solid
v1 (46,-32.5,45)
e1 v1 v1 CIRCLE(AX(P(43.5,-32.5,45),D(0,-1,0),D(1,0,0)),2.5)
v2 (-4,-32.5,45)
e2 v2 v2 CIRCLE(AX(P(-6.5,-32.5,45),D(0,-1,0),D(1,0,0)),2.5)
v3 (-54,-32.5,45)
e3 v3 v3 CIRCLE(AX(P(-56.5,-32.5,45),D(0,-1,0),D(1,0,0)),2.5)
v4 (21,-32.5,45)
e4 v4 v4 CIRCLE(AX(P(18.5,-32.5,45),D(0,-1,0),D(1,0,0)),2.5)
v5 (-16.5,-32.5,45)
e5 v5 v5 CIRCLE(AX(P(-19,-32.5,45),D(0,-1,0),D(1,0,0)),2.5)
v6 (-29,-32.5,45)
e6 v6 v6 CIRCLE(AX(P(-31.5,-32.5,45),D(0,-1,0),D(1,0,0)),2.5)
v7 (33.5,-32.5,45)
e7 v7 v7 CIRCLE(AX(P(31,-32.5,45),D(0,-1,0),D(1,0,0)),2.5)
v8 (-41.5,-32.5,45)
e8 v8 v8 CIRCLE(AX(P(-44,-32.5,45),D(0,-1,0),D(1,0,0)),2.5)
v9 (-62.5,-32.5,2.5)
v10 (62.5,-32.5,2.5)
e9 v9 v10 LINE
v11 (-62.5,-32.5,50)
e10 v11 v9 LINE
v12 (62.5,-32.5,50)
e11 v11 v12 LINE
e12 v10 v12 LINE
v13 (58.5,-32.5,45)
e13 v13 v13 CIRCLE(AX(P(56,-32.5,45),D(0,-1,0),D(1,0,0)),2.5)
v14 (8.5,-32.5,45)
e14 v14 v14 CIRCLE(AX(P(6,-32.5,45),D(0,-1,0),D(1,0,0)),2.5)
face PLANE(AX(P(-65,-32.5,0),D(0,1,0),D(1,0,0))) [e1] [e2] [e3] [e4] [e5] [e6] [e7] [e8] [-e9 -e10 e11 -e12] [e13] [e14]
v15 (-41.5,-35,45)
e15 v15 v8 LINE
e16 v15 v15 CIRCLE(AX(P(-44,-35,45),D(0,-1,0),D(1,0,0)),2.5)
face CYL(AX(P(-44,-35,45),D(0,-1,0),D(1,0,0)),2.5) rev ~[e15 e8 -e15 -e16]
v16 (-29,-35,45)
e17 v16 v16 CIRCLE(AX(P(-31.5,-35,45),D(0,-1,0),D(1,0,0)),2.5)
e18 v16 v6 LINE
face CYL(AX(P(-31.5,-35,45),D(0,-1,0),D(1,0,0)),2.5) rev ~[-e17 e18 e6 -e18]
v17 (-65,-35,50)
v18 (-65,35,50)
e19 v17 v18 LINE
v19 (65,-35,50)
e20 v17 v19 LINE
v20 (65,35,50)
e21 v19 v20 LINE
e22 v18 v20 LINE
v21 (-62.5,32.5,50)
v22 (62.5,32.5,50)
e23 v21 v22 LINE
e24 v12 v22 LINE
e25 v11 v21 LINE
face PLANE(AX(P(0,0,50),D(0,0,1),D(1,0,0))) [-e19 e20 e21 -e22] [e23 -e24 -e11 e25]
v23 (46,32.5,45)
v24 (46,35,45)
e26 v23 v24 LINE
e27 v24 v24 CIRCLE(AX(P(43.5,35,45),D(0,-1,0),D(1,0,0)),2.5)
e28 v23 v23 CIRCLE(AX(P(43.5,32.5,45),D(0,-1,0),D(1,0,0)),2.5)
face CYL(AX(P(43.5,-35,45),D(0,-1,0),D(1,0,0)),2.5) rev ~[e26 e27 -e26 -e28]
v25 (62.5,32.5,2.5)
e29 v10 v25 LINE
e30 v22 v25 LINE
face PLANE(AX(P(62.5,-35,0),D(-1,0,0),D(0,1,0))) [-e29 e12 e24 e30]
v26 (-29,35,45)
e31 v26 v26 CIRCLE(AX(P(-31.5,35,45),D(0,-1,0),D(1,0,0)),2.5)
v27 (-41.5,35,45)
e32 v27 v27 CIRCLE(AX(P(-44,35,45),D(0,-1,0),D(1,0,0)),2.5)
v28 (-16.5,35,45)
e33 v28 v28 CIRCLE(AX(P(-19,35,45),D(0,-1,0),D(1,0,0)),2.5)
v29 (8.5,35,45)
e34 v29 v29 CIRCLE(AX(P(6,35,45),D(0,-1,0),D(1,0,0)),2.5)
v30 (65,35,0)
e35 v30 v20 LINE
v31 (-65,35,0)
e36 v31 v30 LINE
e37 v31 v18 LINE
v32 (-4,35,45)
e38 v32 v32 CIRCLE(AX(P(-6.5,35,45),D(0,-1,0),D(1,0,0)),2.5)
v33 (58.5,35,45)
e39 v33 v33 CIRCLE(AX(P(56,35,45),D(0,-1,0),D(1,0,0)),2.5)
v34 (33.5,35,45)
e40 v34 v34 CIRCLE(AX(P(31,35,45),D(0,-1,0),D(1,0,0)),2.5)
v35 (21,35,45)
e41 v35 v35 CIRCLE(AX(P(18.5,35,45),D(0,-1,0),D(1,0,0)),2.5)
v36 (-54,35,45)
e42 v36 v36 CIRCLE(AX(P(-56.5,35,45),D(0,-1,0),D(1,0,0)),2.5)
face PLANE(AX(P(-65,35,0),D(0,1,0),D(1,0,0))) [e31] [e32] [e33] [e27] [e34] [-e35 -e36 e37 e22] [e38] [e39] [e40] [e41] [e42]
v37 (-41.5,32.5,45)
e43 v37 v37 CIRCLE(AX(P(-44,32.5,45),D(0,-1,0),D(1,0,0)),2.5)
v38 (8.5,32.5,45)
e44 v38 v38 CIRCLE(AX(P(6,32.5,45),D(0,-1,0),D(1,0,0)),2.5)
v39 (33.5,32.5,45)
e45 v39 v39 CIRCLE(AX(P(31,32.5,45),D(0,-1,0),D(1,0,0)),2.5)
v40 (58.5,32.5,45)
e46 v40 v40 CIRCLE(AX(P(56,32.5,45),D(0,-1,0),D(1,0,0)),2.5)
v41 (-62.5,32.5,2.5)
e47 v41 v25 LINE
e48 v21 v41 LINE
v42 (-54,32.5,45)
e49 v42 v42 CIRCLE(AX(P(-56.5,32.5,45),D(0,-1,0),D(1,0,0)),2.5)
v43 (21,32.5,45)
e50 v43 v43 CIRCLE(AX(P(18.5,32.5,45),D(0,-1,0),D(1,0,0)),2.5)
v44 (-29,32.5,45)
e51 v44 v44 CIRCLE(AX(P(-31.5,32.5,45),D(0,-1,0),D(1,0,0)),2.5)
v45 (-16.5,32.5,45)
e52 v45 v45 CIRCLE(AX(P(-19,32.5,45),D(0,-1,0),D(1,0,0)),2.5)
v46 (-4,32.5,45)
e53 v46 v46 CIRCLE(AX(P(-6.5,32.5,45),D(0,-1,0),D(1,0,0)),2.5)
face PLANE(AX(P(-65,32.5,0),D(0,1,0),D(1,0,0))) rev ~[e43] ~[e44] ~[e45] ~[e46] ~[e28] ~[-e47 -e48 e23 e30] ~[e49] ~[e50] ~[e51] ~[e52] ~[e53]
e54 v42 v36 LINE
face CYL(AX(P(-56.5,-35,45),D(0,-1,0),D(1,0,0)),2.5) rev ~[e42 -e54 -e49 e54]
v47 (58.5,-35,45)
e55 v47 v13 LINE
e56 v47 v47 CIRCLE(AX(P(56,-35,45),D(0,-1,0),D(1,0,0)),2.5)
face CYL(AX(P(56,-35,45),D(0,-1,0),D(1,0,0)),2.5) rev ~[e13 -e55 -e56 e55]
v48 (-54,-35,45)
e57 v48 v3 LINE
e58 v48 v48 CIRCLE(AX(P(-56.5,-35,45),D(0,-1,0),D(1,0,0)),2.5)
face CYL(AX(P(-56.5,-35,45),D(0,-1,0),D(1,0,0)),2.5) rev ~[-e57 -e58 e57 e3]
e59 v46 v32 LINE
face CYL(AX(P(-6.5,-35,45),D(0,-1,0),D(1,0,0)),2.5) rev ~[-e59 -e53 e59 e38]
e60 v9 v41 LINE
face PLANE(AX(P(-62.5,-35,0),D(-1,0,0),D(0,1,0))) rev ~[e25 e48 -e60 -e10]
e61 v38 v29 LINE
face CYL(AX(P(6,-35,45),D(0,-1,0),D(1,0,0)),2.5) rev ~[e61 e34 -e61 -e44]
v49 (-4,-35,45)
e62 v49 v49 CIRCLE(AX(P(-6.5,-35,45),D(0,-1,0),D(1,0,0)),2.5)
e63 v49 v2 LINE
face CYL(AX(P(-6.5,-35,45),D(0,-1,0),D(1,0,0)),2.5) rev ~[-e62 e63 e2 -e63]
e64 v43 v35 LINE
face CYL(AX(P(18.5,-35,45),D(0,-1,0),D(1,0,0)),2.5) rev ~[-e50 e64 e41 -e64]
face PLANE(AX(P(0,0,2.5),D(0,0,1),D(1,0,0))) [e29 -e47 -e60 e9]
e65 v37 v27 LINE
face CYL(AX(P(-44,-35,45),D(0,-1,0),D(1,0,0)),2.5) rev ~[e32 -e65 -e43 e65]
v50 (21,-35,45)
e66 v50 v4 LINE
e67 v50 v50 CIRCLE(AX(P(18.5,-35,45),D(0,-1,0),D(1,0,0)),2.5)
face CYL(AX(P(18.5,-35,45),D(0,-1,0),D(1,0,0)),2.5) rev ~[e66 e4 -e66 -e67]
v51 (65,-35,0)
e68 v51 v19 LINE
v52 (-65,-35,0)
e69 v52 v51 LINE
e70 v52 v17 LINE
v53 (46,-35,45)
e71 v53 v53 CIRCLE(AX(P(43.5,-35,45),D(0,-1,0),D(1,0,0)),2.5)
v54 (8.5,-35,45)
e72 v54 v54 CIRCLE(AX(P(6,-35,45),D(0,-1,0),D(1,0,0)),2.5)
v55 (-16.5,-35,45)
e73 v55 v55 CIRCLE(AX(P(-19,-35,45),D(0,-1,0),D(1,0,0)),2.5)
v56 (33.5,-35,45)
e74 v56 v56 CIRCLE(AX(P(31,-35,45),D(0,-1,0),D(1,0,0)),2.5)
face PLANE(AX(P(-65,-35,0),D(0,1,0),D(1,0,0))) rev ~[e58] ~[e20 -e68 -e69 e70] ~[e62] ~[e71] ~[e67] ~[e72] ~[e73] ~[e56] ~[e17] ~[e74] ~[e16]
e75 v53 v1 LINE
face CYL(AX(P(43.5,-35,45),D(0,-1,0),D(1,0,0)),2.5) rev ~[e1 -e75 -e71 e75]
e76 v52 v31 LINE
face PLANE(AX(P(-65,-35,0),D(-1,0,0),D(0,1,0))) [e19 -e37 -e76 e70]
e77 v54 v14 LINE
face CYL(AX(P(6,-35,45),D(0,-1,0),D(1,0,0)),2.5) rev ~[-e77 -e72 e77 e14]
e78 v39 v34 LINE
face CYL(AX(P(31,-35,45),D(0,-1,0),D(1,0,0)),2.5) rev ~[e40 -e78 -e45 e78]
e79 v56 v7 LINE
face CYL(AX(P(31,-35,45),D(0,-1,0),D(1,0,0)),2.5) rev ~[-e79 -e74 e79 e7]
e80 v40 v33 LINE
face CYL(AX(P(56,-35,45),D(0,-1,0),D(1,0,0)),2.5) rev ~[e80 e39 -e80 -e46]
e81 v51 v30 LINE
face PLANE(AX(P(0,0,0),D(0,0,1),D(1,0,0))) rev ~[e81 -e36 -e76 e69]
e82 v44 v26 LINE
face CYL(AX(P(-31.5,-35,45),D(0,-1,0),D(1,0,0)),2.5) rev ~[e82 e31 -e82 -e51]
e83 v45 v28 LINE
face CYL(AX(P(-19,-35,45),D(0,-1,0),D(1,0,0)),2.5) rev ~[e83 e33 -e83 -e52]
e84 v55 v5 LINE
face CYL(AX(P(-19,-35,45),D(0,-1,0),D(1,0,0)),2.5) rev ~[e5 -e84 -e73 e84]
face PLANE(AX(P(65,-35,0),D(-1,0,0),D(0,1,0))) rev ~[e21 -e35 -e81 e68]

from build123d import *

# Parameters (mm, degrees)
F0_W     = 130
F0_H     = 70
F1_DEPTH = 50
F2_T     = -2.5
F3_R     = 2.5
F4_DEPTH = 70.001


with BuildPart() as f1:
    # F0 (on Top) → F1 (new body)
    with BuildSketch(Plane.XY):
        Rectangle(F0_W, F0_H)
    extrude(amount=F1_DEPTH)

    # F2
    f2_openings = [f1.faces().sort_by_distance(p)[0] for p in [
        (0, 0, 50),
    ]]
    offset(amount=F2_T, openings=f2_openings)

    # F3 (on face) → F4 (cut, through all)
    with BuildSketch(Plane.XZ.offset(35)):
        with Locations((-56.5, 45)):
            Circle(F3_R)
        with Locations((-44, 45)):
            Circle(F3_R)
        with Locations((-31.5, 45)):
            Circle(F3_R)
        with Locations((-19, 45)):
            Circle(F3_R)
        with Locations((-6.5, 45)):
            Circle(F3_R)
        with Locations((6, 45)):
            Circle(F3_R)
        with Locations((18.5, 45)):
            Circle(F3_R)
        with Locations((31, 45)):
            Circle(F3_R)
        with Locations((43.5, 45)):
            Circle(F3_R)
        with Locations((56, 45)):
            Circle(F3_R)
    extrude(amount=-F4_DEPTH, mode=Mode.SUBTRACT)


solid = f1.part
